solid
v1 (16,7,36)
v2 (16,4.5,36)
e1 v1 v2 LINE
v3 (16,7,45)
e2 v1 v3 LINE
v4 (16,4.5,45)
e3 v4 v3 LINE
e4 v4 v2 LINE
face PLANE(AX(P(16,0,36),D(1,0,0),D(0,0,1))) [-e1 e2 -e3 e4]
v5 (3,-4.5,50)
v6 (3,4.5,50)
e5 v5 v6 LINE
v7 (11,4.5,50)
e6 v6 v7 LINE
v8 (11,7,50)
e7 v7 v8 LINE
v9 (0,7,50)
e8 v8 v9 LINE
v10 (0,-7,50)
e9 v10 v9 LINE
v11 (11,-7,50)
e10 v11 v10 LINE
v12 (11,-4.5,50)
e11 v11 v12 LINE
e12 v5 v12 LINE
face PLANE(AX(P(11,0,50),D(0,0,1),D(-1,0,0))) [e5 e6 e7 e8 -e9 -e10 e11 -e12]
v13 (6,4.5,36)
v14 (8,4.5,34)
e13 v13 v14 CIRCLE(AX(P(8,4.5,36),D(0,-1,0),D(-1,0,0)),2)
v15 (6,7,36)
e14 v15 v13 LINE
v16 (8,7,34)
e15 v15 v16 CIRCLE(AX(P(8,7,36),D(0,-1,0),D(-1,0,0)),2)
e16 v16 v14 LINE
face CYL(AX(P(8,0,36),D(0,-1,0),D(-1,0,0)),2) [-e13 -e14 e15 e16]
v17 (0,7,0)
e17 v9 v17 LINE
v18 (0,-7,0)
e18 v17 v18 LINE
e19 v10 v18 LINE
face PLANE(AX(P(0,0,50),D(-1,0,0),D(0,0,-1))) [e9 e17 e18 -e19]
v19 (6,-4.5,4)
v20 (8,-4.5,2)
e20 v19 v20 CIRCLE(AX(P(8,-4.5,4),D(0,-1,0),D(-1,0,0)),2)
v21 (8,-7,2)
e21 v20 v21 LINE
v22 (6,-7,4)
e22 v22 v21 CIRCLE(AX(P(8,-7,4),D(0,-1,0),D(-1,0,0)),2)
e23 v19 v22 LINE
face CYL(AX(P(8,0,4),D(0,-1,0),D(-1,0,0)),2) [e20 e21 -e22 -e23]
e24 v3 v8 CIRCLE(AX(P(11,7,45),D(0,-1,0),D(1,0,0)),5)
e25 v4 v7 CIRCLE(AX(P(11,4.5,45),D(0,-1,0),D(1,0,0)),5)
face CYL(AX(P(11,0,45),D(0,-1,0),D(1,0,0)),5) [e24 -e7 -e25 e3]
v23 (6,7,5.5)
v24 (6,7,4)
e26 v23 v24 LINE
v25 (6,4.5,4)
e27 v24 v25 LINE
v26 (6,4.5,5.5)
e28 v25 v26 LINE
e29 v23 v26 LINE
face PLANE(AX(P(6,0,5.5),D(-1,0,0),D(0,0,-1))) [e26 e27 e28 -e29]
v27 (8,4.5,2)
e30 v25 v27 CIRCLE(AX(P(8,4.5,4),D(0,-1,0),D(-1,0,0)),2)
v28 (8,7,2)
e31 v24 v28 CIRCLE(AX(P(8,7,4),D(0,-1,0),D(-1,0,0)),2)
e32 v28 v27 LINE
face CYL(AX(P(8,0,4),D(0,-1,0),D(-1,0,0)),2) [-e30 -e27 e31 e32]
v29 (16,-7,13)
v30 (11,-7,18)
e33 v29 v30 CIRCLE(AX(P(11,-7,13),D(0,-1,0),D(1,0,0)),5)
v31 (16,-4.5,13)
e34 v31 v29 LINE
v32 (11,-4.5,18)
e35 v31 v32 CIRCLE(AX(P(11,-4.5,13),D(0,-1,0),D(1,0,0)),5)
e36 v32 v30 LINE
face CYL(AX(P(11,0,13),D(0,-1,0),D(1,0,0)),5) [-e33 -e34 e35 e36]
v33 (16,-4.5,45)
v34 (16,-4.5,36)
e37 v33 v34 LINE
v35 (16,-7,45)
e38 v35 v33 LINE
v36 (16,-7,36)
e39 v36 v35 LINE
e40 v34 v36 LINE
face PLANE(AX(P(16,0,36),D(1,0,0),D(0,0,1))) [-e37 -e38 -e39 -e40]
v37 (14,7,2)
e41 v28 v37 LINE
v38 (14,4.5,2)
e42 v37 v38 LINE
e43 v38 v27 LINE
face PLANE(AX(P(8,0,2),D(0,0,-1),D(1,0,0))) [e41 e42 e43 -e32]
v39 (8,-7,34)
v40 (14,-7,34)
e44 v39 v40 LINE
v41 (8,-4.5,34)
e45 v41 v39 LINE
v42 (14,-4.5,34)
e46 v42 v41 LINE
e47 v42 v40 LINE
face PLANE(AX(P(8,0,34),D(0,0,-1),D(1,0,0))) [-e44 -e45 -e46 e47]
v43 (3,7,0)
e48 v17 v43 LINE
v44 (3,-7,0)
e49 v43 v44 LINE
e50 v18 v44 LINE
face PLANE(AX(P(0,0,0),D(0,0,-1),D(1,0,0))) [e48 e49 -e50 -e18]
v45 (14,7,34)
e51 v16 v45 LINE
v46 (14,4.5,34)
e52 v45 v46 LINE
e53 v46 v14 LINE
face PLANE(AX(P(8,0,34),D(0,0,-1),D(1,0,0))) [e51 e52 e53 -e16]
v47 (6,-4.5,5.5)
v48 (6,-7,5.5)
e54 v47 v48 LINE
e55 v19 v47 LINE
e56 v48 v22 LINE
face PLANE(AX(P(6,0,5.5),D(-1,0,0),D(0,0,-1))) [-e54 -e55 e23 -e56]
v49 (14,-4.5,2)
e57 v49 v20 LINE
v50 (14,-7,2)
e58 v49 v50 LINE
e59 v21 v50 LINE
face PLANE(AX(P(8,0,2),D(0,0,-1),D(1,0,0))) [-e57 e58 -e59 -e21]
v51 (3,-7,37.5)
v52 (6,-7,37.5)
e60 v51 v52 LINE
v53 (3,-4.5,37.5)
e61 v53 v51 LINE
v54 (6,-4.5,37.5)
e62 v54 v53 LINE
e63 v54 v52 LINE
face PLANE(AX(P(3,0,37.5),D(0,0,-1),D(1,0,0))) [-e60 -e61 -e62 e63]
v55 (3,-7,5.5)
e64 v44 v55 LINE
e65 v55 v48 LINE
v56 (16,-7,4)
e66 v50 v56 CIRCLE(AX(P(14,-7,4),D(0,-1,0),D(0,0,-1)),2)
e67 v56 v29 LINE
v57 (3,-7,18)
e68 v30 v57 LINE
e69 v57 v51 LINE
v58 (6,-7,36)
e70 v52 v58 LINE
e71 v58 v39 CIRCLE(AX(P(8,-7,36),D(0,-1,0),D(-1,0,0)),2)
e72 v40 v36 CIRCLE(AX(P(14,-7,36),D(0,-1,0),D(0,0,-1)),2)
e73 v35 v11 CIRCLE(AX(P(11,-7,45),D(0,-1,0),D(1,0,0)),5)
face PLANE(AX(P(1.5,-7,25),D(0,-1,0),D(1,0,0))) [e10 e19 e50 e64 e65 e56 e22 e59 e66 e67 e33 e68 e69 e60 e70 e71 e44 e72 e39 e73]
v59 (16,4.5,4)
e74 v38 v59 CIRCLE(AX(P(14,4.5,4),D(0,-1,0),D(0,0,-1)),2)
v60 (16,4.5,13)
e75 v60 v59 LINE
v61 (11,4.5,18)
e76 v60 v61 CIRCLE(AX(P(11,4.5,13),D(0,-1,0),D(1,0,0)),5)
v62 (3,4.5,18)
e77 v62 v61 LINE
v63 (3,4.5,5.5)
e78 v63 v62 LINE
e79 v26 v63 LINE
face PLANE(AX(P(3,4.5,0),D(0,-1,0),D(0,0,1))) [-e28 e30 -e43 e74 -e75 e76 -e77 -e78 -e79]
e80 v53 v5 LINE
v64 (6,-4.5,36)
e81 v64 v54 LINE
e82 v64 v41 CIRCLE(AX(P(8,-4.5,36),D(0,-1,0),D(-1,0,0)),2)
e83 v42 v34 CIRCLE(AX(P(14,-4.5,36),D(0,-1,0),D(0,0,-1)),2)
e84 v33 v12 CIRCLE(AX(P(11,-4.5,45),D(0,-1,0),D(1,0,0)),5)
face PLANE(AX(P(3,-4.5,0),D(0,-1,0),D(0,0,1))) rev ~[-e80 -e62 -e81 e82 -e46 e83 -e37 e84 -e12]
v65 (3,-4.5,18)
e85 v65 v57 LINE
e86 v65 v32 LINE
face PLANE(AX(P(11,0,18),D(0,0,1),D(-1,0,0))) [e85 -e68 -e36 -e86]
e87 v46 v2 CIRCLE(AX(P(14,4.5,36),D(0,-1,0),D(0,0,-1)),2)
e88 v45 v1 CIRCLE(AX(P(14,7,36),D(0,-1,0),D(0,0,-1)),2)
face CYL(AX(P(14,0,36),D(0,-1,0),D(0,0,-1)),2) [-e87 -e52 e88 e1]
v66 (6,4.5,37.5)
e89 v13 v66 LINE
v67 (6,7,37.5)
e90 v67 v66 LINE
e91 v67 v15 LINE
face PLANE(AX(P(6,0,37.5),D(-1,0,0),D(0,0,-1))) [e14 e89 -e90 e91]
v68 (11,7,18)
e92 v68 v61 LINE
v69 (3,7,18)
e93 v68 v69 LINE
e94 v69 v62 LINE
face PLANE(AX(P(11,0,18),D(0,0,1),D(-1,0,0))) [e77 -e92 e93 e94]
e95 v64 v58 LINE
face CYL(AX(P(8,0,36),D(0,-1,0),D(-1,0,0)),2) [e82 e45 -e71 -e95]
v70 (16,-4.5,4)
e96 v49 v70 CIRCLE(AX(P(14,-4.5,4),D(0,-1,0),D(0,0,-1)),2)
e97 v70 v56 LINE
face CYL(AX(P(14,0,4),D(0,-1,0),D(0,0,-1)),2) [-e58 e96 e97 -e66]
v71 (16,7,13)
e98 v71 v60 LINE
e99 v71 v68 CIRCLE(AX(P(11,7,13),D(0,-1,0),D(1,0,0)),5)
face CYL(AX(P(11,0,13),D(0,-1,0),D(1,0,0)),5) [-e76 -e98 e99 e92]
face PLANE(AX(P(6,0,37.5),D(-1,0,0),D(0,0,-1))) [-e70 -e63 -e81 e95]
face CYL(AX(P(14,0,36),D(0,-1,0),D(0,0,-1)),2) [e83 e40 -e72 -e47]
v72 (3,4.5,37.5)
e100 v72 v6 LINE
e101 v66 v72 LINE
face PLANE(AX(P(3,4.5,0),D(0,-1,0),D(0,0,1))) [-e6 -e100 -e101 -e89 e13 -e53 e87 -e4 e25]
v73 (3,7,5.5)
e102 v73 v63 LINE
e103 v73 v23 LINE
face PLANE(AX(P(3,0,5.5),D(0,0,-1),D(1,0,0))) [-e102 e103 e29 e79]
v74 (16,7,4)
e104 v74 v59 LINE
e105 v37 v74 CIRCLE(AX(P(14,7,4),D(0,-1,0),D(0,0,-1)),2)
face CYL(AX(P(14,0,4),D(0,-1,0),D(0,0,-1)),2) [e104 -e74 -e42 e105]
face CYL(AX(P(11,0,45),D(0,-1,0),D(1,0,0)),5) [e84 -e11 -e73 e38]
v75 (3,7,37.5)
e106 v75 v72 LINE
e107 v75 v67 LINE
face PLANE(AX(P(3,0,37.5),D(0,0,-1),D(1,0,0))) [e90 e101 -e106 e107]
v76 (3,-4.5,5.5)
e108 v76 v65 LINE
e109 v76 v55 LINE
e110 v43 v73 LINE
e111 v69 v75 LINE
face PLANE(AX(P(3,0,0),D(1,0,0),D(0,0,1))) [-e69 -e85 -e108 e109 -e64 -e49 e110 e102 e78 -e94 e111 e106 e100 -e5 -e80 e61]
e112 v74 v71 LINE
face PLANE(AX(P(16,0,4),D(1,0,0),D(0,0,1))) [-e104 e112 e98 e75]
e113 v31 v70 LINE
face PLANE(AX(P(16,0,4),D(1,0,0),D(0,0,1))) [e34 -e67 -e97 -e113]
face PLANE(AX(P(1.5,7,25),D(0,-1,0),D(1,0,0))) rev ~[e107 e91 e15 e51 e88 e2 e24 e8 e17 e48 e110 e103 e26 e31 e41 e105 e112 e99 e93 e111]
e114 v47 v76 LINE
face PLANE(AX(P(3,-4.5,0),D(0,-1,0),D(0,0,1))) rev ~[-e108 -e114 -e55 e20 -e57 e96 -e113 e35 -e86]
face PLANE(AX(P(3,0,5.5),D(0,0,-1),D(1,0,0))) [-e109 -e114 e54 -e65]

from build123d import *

# Parameters (mm, degrees)
F1_W     = 3
F1_H     = 12.5
F2_DEPTH = 7
F3_W     = 9
F3_H     = 50
F4_DEPTH = 13.001


with BuildPart() as f2:
    # F1 (on Front) → F2 (new body, symmetric)
    with BuildSketch(Plane.XZ):
        Polygon((3, 50), (0, 50), (0, 0), (3, 0), (3, 5.5), (3, 18), (3, 37.5), align=None)
        with Locations((4.5, 43.75)):
            Rectangle(F1_W, F1_H)
        with BuildLine():
            Line((11, 50), (6, 50))
            Line((6, 50), (6, 37.5))
            Line((6, 37.5), (6, 36))
            ThreePointArc((6, 36), (6.5857864376, 34.5857864376), (8, 34))
            Line((8, 34), (14, 34))
            ThreePointArc((14, 34), (15.4142135624, 34.5857864376), (16, 36))
            Line((16, 36), (16, 45))
            ThreePointArc((16, 45), (14.5355339059, 48.5355339059), (11, 50))
        make_face()
        with Locations((4.5, 11.75)):
            Rectangle(F1_W, F1_H)
        with BuildLine():
            Line((11, 18), (6, 18))
            Line((6, 18), (6, 5.5))
            Line((6, 5.5), (6, 4))
            ThreePointArc((6, 4), (6.5857864376, 2.5857864376), (8, 2))
            Line((8, 2), (14, 2))
            ThreePointArc((14, 2), (15.4142135624, 2.5857864376), (16, 4))
            Line((16, 4), (16, 13))
            ThreePointArc((16, 13), (14.5355339059, 16.5355339059), (11, 18))
        make_face()
    extrude(amount=F2_DEPTH, both=True)

    # F3 (on face) → F4 (cut, through all)
    with BuildSketch(Plane.YZ.offset(3)):
        with Locations((0, 25)):
            Rectangle(F3_W, F3_H)
    extrude(amount=F4_DEPTH, mode=Mode.SUBTRACT)


solid = f2.part
